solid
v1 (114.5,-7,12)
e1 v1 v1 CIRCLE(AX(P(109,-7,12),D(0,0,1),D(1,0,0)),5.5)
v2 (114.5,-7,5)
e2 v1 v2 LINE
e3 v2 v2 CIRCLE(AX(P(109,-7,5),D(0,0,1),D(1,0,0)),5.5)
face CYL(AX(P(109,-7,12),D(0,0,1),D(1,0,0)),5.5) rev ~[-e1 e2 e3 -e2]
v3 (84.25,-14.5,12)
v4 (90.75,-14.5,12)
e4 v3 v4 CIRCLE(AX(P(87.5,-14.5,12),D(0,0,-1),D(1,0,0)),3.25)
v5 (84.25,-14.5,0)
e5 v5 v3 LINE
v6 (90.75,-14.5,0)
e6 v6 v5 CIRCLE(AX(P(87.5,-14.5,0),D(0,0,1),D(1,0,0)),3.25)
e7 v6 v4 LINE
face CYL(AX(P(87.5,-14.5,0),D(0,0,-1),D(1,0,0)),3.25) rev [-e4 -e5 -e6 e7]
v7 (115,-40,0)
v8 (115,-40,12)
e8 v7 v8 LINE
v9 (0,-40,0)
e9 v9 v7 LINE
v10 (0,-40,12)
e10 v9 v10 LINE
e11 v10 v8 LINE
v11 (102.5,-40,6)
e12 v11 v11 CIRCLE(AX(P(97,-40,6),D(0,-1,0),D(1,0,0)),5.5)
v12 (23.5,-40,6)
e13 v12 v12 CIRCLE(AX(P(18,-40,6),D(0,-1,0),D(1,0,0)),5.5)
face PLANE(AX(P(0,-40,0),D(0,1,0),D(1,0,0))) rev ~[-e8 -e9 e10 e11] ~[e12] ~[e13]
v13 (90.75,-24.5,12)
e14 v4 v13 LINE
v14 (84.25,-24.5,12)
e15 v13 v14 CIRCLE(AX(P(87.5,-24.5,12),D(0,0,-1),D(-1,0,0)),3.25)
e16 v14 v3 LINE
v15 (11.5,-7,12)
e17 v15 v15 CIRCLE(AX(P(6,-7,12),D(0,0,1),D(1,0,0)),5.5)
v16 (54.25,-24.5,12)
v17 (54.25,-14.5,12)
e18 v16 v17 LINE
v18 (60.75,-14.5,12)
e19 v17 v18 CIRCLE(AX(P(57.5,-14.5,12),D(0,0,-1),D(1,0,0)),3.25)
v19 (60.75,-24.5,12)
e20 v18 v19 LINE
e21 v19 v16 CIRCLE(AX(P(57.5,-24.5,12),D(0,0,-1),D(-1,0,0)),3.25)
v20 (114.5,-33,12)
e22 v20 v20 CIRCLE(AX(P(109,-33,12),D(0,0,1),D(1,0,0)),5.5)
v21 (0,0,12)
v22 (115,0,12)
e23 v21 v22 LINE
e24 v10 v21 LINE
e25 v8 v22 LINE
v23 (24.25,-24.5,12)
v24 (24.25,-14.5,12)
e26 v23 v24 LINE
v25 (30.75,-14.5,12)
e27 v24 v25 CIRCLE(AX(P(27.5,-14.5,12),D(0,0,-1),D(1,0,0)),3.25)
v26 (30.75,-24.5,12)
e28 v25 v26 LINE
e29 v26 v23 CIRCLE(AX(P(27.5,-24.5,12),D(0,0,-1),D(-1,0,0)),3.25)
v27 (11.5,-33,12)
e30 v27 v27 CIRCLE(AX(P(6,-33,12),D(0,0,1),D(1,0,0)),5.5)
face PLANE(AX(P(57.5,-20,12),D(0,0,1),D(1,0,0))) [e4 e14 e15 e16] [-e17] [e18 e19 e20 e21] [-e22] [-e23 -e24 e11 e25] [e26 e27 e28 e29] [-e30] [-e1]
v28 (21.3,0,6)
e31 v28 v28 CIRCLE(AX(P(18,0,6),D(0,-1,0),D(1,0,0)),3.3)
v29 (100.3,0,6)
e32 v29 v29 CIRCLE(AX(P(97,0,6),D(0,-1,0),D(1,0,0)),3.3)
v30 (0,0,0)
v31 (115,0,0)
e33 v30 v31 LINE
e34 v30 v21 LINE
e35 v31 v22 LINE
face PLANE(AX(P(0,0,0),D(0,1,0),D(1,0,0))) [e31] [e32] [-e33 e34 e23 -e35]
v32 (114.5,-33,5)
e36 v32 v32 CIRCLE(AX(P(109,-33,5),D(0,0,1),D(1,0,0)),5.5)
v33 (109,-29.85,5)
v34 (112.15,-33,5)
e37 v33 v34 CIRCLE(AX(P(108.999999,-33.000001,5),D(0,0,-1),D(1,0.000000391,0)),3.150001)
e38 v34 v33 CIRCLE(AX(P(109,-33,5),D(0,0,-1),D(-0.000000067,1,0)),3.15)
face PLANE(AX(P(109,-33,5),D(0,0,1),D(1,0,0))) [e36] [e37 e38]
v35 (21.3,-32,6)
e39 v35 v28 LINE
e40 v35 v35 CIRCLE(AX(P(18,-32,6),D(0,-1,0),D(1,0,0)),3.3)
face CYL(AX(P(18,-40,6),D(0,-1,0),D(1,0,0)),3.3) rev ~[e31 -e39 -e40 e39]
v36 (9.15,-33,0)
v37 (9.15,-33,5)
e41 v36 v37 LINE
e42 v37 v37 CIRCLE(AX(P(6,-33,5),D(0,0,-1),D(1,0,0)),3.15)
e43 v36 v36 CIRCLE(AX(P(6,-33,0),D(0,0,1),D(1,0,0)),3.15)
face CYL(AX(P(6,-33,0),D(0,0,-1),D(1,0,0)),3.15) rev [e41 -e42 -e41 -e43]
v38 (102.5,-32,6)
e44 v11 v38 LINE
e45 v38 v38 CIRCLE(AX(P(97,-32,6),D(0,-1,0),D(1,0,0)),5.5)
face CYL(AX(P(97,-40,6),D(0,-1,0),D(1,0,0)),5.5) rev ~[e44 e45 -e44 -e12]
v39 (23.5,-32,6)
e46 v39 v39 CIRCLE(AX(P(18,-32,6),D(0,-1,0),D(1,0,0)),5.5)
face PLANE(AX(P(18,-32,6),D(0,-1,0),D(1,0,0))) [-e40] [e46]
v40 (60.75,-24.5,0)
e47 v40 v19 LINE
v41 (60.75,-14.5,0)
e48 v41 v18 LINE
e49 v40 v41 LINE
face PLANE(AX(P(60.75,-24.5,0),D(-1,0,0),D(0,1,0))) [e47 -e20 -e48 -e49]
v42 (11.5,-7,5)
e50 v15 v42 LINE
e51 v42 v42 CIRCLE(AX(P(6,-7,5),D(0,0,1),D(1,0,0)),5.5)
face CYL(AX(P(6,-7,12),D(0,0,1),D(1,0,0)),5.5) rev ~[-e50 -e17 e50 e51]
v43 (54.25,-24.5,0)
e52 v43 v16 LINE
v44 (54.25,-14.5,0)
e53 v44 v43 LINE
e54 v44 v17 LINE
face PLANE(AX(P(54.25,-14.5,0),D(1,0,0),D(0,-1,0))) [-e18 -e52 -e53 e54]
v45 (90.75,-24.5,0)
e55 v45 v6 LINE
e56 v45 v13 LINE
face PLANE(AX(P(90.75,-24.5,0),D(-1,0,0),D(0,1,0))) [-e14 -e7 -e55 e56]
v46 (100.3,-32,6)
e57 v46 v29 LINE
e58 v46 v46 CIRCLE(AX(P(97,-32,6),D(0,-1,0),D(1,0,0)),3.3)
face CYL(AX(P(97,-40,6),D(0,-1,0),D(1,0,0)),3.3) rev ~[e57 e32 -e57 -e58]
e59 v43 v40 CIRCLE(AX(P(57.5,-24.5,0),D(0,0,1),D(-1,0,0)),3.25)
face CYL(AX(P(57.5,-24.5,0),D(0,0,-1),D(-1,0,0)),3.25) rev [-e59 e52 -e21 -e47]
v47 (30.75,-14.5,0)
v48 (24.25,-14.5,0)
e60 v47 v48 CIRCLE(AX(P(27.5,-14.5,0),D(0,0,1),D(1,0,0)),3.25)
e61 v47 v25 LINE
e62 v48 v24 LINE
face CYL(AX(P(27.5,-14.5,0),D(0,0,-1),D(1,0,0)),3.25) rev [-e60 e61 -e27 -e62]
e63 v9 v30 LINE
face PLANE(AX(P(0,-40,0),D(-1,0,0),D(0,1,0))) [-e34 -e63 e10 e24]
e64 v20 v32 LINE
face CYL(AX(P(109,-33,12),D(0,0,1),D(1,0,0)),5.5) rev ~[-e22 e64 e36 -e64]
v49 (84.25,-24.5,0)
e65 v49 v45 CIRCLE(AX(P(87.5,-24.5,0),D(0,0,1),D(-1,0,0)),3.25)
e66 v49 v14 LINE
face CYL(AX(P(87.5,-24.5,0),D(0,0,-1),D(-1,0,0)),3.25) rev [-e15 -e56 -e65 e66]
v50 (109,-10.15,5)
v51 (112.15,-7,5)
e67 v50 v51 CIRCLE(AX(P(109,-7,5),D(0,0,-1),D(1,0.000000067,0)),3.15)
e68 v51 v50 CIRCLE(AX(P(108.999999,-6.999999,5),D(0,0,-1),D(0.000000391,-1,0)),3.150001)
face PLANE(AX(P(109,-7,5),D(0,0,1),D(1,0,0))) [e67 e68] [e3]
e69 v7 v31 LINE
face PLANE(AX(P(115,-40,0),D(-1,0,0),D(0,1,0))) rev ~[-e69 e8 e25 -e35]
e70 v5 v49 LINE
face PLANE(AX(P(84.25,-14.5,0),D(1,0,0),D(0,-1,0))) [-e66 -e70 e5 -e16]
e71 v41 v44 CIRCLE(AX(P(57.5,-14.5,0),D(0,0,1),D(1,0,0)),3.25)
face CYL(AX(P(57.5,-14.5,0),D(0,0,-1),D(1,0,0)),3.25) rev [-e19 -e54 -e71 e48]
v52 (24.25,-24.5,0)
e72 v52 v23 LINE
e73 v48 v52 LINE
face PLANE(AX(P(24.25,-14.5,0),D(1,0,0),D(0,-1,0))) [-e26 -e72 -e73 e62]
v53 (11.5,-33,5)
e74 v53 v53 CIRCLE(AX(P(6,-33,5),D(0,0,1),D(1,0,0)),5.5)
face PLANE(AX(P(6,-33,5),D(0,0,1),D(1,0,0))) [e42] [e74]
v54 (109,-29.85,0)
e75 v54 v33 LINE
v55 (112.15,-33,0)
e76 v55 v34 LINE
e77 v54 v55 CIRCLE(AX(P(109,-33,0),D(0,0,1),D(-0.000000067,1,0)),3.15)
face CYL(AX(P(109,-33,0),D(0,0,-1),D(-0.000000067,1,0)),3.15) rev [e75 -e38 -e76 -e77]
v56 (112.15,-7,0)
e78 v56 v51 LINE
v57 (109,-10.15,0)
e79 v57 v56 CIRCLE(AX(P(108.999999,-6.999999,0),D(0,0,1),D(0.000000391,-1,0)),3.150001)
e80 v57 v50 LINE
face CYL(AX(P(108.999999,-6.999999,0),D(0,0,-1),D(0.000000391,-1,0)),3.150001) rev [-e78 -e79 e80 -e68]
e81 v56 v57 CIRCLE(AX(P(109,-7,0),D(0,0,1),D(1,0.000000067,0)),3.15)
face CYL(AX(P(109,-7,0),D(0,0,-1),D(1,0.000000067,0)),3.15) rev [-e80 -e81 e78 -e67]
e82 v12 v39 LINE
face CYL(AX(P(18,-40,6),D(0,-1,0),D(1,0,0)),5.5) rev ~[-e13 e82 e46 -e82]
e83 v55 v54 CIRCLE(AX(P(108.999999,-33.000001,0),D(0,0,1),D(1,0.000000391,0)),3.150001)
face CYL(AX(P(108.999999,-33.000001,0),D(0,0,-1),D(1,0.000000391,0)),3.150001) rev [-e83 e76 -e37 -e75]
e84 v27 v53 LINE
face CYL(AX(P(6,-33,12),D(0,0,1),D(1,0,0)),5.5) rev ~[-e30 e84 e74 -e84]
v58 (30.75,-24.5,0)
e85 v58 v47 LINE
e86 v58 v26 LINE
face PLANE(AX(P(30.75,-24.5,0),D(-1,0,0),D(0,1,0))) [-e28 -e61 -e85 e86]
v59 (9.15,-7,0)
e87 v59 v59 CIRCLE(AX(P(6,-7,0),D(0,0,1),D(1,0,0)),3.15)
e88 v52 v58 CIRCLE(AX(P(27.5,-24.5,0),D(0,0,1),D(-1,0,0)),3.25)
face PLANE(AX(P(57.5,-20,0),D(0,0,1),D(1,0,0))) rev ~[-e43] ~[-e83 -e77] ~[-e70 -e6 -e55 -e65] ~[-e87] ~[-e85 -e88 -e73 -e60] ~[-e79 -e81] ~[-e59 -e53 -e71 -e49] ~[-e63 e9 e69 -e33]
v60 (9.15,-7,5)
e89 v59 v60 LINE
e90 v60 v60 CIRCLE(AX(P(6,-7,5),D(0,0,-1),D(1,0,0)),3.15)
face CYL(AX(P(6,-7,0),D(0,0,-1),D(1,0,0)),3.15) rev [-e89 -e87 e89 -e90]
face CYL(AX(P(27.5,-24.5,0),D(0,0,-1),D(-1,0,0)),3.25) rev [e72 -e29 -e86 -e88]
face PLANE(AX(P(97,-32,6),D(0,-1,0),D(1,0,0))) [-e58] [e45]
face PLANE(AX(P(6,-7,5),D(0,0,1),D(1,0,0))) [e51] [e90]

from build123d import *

# Parameters (mm, degrees)
F0_W      = 115
F0_H      = 40
F1_DEPTH  = 12
F3_DEPTH  = 12.1
F4_R      = 3.15
F5_DEPTH  = 12.1
F6_R      = 5.5
F7_DEPTH  = 7
F8_R      = 3.3
F9_DEPTH  = 40.1
F10_R     = 5.5
F11_DEPTH = 8


with BuildPart() as f1:
    # F0 (on Top) → F1 (new body)
    with BuildSketch(Plane.XY):
        with Locations((57.5, -20)):
            Rectangle(F0_W, F0_H)
    extrude(amount=F1_DEPTH)

    # F2 (on Top) → F3 (cut)
    with BuildSketch(Plane.XY):
        with BuildLine():
            Line((30.75, -24.5), (30.75, -14.5))
            ThreePointArc((30.75, -14.5), (27.5, -11.25), (24.25, -14.5))
            Line((24.25, -14.5), (24.25, -24.5))
            ThreePointArc((24.25, -24.5), (27.5, -27.75), (30.75, -24.5))
        make_face()
        with BuildLine():
            ThreePointArc((60.75, -14.5), (57.5, -11.25), (54.25, -14.5))
            Line((54.25, -14.5), (54.25, -24.5))
            ThreePointArc((54.25, -24.5), (57.5, -27.75), (60.75, -24.5))
            Line((60.75, -24.5), (60.75, -14.5))
        make_face()
        with BuildLine():
            ThreePointArc((90.75, -14.5), (87.5, -11.25), (84.25, -14.5))
            Line((84.25, -14.5), (84.25, -24.5))
            ThreePointArc((84.25, -24.5), (87.5, -27.75), (90.75, -24.5))
            Line((90.75, -24.5), (90.75, -14.5))
        make_face()
    extrude(amount=F3_DEPTH, mode=Mode.SUBTRACT)

    # F4 (on Top) → F5 (cut)
    with BuildSketch(Plane.XY):
        with Locations((6, -7)):
            Circle(F4_R)
        with Locations((6, -33)):
            Circle(F4_R)
        with BuildLine():
            ThreePointArc((109, -10.15), (111.227386, -9.227386), (112.15, -7))
            ThreePointArc((112.15, -7), (106.772614, -4.772614), (109, -10.15))
        make_face()
        with BuildLine():
            ThreePointArc((112.15, -33), (111.227386, -30.772614), (109, -29.85))
            ThreePointArc((109, -29.85), (106.772614, -35.227386), (112.15, -33))
        make_face()
    extrude(amount=F5_DEPTH, mode=Mode.SUBTRACT)

    # F6 (on face) → F7 (cut)
    with BuildSketch(Plane.XY.offset(12)):
        with Locations((6, -7)):
            Circle(F6_R)
        with Locations((6, -33)):
            Circle(F6_R)
        with Locations((109, -7)):
            Circle(F6_R)
        with Locations((109, -33)):
            Circle(F6_R)
    extrude(amount=-F7_DEPTH, mode=Mode.SUBTRACT)

    # F8 (on face) → F9 (cut)
    with BuildSketch(Plane.XZ.offset(40)):
        with Locations((97, 6)):
            Circle(F8_R)
        with Locations((18, 6)):
            Circle(F8_R)
    extrude(amount=-F9_DEPTH, mode=Mode.SUBTRACT)

    # F10 (on face) → F11 (cut)
    with BuildSketch(Plane.XZ.offset(40)):
        with Locations((18, 6)):
            Circle(F10_R)
        with Locations((97, 6)):
            Circle(F10_R)
    extrude(amount=-F11_DEPTH, mode=Mode.SUBTRACT)


solid = f1.part
